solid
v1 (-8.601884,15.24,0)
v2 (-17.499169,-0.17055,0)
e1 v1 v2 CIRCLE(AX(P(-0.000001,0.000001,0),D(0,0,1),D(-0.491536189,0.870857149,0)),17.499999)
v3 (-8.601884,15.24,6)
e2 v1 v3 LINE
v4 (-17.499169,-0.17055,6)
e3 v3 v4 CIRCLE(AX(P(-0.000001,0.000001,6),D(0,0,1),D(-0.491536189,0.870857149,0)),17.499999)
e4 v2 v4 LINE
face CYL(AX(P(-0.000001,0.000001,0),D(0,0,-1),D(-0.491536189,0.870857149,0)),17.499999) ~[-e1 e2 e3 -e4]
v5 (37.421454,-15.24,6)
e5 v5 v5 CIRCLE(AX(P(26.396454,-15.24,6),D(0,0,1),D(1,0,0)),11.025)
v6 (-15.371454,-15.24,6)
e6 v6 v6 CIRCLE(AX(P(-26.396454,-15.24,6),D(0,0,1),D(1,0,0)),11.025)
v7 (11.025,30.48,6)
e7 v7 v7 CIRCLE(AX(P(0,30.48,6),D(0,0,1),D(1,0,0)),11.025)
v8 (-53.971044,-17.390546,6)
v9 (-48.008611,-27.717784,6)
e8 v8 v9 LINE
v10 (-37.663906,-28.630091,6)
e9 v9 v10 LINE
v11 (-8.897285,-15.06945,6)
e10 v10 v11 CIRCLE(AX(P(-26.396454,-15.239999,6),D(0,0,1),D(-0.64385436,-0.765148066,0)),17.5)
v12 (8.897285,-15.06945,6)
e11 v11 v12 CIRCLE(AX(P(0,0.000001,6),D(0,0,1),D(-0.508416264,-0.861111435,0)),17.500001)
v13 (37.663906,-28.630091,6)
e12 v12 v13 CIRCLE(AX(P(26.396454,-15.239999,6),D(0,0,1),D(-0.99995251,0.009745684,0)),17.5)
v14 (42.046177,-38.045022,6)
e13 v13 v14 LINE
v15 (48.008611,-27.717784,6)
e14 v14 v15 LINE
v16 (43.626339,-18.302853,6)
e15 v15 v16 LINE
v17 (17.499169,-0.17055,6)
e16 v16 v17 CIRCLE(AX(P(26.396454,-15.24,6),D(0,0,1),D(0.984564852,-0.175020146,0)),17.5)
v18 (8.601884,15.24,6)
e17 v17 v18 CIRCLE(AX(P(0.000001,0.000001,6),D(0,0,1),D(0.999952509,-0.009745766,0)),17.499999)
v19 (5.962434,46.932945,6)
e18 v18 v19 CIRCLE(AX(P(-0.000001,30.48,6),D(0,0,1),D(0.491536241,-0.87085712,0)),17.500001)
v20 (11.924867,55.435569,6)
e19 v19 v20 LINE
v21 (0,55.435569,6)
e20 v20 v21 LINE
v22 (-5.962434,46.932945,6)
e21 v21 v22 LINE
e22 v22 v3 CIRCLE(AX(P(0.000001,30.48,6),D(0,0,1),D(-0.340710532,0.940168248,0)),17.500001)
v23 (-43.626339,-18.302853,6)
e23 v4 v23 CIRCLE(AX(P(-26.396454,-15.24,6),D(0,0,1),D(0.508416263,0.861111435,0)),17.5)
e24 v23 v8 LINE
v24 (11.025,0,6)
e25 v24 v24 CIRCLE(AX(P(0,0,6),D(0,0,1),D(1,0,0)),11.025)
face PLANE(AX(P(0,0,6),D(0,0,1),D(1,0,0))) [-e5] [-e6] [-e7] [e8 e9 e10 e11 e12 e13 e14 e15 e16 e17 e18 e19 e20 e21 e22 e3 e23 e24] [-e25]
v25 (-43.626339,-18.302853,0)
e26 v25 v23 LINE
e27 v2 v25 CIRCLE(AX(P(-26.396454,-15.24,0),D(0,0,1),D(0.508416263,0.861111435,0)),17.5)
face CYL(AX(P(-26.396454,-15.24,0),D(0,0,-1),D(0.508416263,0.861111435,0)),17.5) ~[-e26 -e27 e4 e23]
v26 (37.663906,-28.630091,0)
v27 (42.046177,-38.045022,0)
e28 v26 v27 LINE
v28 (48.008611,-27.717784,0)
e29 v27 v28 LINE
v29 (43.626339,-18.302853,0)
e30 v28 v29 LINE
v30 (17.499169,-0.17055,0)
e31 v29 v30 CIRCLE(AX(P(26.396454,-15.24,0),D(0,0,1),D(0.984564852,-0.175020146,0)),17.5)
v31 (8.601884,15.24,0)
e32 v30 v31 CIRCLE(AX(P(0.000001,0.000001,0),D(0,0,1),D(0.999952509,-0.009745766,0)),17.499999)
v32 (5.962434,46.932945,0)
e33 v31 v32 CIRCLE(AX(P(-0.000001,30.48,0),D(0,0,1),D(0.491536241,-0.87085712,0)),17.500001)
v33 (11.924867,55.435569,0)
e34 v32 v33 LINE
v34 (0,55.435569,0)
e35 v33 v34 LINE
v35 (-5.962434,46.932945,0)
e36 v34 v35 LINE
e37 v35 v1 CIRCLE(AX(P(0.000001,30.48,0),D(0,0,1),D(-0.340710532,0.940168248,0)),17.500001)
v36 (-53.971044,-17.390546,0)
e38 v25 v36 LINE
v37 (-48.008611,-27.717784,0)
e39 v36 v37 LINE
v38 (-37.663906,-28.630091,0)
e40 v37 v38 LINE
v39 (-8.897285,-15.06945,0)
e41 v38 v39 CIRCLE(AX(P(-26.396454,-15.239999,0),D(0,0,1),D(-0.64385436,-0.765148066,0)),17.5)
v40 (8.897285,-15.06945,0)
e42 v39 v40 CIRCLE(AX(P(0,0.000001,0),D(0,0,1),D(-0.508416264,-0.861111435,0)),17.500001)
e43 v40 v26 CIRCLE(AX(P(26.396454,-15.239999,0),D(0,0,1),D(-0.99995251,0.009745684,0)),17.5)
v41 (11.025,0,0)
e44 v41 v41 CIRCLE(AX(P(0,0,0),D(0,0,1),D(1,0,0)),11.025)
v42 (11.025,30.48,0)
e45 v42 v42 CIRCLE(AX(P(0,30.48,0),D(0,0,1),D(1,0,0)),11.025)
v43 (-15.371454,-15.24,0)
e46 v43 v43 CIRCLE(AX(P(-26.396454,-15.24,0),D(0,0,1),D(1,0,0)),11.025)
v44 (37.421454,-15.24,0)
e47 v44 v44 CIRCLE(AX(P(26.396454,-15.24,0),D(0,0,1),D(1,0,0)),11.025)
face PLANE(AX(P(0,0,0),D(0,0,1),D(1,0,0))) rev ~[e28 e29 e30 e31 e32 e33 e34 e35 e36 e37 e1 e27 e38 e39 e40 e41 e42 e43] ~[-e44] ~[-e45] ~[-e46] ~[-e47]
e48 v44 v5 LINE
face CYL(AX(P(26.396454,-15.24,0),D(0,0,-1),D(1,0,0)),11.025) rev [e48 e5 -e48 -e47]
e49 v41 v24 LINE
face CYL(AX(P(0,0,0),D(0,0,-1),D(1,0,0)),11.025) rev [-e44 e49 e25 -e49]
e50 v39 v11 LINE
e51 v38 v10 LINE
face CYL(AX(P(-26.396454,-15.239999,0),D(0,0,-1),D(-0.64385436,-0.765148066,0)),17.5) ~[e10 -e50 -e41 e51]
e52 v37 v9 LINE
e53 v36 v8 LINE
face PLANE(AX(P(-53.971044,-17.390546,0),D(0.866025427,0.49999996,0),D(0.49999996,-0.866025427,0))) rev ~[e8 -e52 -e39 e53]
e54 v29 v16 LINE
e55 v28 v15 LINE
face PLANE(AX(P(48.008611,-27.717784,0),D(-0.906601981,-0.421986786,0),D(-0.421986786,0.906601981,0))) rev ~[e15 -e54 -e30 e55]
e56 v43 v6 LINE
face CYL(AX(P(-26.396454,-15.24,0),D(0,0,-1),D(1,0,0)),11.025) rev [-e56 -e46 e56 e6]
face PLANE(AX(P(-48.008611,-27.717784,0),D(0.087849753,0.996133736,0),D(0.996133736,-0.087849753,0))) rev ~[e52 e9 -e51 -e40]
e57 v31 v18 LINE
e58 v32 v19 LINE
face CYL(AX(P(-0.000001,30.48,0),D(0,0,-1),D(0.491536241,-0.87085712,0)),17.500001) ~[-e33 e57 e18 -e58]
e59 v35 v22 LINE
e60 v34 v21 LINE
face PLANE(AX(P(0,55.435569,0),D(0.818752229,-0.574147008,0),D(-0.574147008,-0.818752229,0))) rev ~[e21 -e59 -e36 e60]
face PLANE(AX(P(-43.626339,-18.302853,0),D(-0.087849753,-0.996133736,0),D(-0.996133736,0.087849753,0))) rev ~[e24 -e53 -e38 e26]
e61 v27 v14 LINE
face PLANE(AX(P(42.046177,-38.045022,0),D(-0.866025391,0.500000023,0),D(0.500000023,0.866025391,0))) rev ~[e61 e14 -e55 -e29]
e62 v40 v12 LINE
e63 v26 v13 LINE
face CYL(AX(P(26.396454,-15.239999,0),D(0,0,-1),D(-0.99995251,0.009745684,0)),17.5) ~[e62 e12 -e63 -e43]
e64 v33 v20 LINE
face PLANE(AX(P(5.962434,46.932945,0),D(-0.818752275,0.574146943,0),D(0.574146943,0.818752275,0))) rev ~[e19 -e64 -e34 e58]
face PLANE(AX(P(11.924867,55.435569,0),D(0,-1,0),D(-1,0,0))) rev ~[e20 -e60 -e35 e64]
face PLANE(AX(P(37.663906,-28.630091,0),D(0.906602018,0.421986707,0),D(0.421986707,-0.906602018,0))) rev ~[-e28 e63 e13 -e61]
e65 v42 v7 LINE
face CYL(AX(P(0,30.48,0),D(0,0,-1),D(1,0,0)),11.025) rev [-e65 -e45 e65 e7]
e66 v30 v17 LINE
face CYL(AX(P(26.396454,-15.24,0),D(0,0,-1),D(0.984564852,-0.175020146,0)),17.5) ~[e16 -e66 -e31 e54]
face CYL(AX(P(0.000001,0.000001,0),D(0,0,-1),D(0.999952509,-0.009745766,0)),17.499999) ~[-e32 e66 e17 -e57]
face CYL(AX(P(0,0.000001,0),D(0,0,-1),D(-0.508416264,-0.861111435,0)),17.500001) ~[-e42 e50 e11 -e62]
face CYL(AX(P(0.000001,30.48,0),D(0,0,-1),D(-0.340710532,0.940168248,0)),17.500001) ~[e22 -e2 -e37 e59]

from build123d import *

# Parameters (mm, degrees)
F0_R     = 11.025
F1_DEPTH = 6


with BuildPart() as f1:
    # F0 (on Top) → F1 (new body)
    with BuildSketch(Plane.XY):
        with BuildLine():
            ThreePointArc((17.499169, -0.17055), (15.155445, 8.75), (8.601884, 15.24))
            ThreePointArc((8.601884, 15.24), (17.439625, 31.932406), (5.962434, 46.932945))
            Line((5.962434, 46.932945), (11.924867, 55.435569))
            Line((11.924867, 55.435569), (0, 55.435569))
            Line((0, 55.435569), (-5.962434, 46.932945))
            ThreePointArc((-5.962434, 46.932945), (-17.439625, 31.932406), (-8.601884, 15.24))
            ThreePointArc((-8.601884, 15.24), (-15.155445, 8.75), (-17.499169, -0.17055))
            ThreePointArc((-17.499169, -0.17055), (-36.374087, -0.863045), (-43.626339, -18.302853))
            Line((-43.626339, -18.302853), (-53.971044, -17.390546))
            Line((-53.971044, -17.390546), (-48.008611, -27.717784))
            Line((-48.008611, -27.717784), (-37.663906, -28.630091))
            ThreePointArc((-37.663906, -28.630091), (-18.934462, -31.069361), (-8.897285, -15.06945))
            ThreePointArc((-8.897285, -15.06945), (0, -17.5), (8.897285, -15.06945))
            ThreePointArc((8.897285, -15.06945), (18.934462, -31.069361), (37.663906, -28.630091))
            Line((37.663906, -28.630091), (42.046177, -38.045022))
            Line((42.046177, -38.045022), (48.008611, -27.717784))
            Line((48.008611, -27.717784), (43.626339, -18.302853))
            ThreePointArc((43.626339, -18.302853), (36.374087, -0.863045), (17.499169, -0.17055))
        make_face()
        with Locations((-26.396454, -15.24)):
            Circle(F0_R, mode=Mode.SUBTRACT)
        with Locations((26.396454, -15.24)):
            Circle(F0_R, mode=Mode.SUBTRACT)
        Circle(F0_R, mode=Mode.SUBTRACT)
        with Locations((0, 30.48)):
            Circle(F0_R, mode=Mode.SUBTRACT)
    extrude(amount=F1_DEPTH)


solid = f1.part
